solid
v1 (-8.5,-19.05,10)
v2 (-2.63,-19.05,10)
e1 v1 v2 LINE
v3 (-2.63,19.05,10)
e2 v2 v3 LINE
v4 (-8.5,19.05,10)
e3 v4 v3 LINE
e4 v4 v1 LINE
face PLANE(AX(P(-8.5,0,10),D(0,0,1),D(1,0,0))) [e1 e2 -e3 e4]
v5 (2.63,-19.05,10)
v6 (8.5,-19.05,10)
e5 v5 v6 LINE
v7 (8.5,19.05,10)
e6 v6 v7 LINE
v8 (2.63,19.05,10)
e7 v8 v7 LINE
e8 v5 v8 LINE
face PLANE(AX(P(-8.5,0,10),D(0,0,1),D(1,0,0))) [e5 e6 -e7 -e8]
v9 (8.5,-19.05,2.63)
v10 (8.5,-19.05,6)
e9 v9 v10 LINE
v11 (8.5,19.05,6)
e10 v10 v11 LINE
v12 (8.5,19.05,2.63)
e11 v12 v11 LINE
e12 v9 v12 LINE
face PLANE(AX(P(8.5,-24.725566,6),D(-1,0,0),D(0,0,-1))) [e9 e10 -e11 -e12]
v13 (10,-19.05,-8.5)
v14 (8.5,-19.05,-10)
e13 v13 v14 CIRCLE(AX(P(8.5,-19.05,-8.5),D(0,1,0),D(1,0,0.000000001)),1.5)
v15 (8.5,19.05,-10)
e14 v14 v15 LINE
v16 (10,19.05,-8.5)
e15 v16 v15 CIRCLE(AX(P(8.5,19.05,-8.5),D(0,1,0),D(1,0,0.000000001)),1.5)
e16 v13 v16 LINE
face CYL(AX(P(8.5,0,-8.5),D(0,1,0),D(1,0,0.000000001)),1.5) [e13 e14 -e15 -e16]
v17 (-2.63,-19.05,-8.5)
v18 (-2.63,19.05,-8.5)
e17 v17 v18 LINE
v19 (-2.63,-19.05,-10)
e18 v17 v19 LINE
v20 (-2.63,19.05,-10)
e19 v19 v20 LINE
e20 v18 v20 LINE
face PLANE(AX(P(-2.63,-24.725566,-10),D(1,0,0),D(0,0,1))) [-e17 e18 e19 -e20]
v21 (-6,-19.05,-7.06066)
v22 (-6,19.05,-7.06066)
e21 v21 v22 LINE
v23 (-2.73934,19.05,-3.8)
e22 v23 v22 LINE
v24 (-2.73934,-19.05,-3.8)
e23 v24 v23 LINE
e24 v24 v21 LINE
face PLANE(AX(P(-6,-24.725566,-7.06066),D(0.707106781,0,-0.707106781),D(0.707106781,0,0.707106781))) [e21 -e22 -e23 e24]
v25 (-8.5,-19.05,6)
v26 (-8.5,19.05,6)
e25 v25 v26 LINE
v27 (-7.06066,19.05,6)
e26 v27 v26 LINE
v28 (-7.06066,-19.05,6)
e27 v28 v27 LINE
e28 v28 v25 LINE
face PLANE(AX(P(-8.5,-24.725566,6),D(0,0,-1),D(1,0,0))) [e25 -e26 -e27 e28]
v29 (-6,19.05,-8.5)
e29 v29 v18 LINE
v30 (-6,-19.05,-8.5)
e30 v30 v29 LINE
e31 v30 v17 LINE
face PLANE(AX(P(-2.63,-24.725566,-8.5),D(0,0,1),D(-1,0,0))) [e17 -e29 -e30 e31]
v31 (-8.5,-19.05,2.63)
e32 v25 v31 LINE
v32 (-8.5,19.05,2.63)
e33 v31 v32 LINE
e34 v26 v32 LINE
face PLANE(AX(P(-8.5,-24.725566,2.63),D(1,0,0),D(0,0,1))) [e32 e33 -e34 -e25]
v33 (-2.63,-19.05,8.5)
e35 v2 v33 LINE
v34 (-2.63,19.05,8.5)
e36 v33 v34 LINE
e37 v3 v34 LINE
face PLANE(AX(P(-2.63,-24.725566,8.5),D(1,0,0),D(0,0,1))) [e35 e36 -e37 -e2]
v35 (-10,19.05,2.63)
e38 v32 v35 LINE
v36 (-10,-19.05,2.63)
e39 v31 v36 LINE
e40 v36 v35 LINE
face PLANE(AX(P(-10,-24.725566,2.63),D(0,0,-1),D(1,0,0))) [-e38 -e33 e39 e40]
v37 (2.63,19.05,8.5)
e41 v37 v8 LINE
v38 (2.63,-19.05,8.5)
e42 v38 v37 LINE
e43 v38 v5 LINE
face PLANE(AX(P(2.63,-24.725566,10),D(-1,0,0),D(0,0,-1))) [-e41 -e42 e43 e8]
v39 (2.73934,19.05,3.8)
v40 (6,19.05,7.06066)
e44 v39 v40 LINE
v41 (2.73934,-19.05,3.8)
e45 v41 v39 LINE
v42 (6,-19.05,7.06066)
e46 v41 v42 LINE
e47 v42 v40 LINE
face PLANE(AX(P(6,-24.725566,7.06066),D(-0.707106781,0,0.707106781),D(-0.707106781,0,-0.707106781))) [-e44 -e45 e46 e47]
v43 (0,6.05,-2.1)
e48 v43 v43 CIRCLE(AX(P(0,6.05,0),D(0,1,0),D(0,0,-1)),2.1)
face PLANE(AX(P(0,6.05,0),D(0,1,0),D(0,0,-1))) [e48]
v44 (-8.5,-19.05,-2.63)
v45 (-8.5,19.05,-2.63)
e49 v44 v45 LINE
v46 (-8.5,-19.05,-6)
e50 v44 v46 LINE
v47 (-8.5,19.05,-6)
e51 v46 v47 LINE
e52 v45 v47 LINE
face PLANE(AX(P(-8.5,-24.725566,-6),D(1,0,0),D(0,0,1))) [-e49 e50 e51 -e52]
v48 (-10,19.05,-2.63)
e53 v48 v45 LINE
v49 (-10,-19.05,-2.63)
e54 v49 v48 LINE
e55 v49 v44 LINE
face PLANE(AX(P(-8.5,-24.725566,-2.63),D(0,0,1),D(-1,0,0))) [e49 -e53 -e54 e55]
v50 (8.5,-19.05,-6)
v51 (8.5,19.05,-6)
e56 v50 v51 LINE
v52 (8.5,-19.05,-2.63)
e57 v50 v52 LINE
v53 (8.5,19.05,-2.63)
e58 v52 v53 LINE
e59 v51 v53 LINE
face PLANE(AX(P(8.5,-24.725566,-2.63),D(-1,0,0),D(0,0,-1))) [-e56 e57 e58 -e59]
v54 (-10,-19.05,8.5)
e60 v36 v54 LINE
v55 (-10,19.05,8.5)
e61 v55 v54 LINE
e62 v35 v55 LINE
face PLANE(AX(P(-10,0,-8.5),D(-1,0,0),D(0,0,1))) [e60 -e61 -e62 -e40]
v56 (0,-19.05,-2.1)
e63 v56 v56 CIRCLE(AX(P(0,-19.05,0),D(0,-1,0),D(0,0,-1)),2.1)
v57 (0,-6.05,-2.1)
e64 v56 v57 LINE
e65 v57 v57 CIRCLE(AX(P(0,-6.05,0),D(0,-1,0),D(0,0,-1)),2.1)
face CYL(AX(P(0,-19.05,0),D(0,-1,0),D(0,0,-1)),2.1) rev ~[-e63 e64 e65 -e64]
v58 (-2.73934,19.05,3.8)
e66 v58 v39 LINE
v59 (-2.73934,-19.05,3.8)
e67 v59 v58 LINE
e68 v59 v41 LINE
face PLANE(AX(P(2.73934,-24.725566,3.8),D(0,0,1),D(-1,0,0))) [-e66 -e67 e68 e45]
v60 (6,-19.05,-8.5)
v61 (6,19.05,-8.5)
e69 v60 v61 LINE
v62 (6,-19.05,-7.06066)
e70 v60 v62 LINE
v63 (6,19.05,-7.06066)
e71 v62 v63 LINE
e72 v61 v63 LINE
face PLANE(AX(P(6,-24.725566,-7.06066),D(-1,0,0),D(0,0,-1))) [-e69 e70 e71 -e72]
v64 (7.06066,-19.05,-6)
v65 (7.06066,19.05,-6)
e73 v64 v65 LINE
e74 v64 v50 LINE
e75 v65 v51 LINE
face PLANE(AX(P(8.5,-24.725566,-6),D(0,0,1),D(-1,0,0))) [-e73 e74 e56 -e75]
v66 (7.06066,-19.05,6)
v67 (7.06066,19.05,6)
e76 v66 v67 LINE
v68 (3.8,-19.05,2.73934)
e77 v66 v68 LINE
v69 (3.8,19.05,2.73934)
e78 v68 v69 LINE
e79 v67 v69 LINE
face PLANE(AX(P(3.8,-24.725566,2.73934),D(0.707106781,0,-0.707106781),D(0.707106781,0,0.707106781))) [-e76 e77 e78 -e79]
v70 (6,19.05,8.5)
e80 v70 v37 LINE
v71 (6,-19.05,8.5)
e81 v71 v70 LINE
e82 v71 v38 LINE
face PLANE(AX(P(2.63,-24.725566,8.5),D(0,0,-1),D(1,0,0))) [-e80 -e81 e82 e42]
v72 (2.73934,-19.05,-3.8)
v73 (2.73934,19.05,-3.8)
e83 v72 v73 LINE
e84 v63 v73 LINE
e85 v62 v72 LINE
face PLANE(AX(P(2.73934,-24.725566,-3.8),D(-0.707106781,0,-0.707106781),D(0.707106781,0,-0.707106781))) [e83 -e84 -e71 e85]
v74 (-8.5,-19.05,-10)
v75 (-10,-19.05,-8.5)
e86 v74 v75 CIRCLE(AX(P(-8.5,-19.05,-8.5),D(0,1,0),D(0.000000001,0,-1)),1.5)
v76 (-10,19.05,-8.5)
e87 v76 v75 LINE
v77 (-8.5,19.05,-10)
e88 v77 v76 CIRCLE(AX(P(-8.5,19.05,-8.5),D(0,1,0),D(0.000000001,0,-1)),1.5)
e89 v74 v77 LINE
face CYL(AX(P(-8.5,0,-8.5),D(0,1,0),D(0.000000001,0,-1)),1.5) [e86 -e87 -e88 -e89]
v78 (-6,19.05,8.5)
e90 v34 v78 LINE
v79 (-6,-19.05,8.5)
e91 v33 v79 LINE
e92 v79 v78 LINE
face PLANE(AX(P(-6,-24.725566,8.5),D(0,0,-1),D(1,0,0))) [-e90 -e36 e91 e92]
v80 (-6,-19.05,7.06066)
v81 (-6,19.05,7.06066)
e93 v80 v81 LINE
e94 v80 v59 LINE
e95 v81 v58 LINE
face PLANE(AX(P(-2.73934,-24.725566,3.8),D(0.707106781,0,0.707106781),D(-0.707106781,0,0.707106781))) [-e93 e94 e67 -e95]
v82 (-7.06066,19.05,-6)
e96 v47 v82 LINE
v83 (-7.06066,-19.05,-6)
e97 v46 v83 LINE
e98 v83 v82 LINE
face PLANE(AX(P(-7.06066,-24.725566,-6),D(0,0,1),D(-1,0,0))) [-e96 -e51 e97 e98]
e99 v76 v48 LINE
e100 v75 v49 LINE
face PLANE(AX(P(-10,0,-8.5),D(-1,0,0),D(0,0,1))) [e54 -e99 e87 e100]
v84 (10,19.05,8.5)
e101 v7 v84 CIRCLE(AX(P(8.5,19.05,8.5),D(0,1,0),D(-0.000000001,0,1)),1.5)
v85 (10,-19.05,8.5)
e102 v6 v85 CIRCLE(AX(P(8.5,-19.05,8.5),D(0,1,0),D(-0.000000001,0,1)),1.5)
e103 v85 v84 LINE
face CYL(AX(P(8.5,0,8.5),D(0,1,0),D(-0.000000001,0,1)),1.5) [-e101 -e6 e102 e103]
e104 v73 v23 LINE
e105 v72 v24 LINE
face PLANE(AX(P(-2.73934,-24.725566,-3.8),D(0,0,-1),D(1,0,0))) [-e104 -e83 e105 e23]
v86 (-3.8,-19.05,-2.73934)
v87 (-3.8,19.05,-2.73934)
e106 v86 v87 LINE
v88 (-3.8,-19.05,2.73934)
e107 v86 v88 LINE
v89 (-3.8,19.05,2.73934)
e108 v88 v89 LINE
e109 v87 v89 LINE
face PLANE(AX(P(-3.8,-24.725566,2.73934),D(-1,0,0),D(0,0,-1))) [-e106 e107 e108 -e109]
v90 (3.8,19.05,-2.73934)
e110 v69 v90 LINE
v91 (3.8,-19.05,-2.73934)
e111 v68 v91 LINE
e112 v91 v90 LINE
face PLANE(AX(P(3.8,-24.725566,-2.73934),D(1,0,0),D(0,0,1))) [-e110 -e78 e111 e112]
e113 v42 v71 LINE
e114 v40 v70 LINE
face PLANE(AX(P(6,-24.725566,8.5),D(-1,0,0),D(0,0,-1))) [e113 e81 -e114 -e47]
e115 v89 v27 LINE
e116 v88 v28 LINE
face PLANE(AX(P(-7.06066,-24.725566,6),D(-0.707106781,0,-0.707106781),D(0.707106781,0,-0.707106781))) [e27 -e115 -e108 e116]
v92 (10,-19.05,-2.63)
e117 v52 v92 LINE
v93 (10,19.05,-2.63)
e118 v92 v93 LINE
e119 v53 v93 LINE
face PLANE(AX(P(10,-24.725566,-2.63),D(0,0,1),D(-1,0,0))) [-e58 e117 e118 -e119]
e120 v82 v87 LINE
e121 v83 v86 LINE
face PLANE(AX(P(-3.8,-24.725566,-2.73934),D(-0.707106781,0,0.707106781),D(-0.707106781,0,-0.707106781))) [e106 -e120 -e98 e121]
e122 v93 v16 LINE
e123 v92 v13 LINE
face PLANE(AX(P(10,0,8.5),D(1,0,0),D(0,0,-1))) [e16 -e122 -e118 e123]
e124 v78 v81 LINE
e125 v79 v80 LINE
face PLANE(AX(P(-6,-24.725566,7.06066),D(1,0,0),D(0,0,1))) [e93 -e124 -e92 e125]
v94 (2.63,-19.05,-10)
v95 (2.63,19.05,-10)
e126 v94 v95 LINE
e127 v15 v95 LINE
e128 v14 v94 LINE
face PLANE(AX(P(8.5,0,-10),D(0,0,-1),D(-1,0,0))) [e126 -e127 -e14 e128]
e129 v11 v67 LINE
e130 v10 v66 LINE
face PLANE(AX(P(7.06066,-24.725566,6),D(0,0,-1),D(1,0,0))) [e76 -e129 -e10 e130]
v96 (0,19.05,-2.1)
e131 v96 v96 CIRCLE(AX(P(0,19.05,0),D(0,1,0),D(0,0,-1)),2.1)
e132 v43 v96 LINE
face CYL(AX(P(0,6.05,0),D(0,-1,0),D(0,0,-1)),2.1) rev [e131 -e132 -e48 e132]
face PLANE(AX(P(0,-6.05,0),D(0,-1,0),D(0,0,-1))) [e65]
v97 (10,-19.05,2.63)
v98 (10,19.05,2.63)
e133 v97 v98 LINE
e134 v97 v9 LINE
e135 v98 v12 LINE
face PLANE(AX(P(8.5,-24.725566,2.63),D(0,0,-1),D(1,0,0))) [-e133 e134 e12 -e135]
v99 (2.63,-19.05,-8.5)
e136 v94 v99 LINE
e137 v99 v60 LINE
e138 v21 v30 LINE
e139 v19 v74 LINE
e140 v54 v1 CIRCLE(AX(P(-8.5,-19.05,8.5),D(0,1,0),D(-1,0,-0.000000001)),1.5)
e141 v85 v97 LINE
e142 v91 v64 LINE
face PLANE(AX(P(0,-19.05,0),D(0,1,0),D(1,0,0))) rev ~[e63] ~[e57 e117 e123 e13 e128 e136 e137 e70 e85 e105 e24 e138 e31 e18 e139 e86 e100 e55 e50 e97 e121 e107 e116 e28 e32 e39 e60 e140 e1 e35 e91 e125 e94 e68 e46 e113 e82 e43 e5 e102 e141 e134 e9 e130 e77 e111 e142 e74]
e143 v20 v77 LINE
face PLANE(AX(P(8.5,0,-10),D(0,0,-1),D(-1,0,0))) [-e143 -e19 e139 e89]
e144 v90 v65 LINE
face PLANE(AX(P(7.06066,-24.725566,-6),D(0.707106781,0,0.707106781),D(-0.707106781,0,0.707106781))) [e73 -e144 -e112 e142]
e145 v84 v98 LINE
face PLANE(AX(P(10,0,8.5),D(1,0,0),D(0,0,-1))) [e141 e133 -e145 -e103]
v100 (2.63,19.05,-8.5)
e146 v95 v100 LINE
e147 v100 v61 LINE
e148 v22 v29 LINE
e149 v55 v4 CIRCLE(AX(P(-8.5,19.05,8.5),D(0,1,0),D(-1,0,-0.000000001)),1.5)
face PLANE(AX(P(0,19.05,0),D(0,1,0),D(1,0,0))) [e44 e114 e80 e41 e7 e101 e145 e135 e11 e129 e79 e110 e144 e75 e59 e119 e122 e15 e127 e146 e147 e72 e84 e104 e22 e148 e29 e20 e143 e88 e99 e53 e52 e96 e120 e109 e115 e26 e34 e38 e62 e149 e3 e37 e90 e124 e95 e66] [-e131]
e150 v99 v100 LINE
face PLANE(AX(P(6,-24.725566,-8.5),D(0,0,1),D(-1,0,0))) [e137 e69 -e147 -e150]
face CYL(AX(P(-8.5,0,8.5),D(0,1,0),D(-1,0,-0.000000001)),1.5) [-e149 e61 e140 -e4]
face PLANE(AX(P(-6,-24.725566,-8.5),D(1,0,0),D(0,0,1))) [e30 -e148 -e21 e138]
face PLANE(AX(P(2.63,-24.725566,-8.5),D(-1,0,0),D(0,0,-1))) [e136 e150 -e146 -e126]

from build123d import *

# Parameters (mm, degrees)
BOSS_EXTRUDE1_DEPTH     = 19.05
CUT_EXTRUDE5_DEPTH      = 24.725566379
CUT_EXTRUDE5_DEPTH_BACK = 24.725566379
SKETCH5_R               = 2.1
CUT_EXTRUDE6_DEPTH      = 13
CUT_EXTRUDE7_START      = -13
SKETCH4_R               = 2.1
CUT_EXTRUDE7_DEPTH      = 13


with BuildPart() as part:
    # Sketch1 → Boss-Extrude1 (new, symmetric)
    with BuildSketch(Plane(origin=(0, 0, 0), x_dir=(1, 0, 0), z_dir=(0, 1, 0))):
        with BuildLine():
            Line((-8.5, -10), (8.5, -10))
            ThreePointArc((8.5, -10), (9.560660172, -9.560660172), (10, -8.5))
            Line((10, -8.5), (10, 8.5))
            ThreePointArc((10, 8.5), (9.560660172, 9.560660172), (8.5, 10))
            Line((8.5, 10), (-8.5, 10))
            ThreePointArc((-8.5, 10), (-9.560660172, 9.560660172), (-10, 8.5))
            Line((-10, 8.5), (-10, -8.5))
            ThreePointArc((-10, -8.5), (-9.560660172, -9.560660172), (-8.5, -10))
        make_face()
    extrude(amount=BOSS_EXTRUDE1_DEPTH, both=True)

    # Sketch3 → Cut-Extrude5 (cut, two sides: drawn at the far end of the back side and taken through both)
    with BuildSketch(Plane(origin=(0, 0, 0), x_dir=(1, 0, 0), z_dir=(0, 1, 0)).offset(-CUT_EXTRUDE5_DEPTH_BACK)):
        Polygon((2.63, 10), (-2.63, 10), (-2.63, 8.5), (-6, 8.5), (-6, 7.060660172), (-2.739339828, 3.8), (2.739339828, 3.8), (6, 7.060660172), (6, 8.5), (2.63, 8.5), align=None)
        Polygon((10, -2.63), (10, 2.63), (8.5, 2.63), (8.5, 6), (7.060660172, 6), (3.8, 2.739339828), (3.8, -2.739339828), (7.060660172, -6), (8.5, -6), (8.5, -2.63), align=None)
        Polygon((-2.63, -10), (2.63, -10), (2.63, -8.5), (6, -8.5), (6, -7.060660172), (2.739339828, -3.8), (-2.739339828, -3.8), (-6, -7.060660172), (-6, -8.5), (-2.63, -8.5), align=None)
        Polygon((-10, 2.63), (-10, -2.63), (-8.5, -2.63), (-8.5, -6), (-7.060660172, -6), (-3.8, -2.739339828), (-3.8, 2.739339828), (-7.060660172, 6), (-8.5, 6), (-8.5, 2.63), align=None)
    extrude(amount=CUT_EXTRUDE5_DEPTH + CUT_EXTRUDE5_DEPTH_BACK, mode=Mode.SUBTRACT)

    # Sketch5 → Cut-Extrude6 (cut)
    with BuildSketch(Plane.XZ.offset(19.05)):
        with Locations(Location((0, 0, 0), (0, 0, 270))):
            Circle(SKETCH5_R)
    extrude(amount=-CUT_EXTRUDE6_DEPTH, mode=Mode.SUBTRACT)

    # Sketch4 → Cut-Extrude7 (cut)
    with BuildSketch(Plane(origin=(0, 19.05, 0), x_dir=(1, 0, 0), z_dir=(0, 1, 0)).offset(CUT_EXTRUDE7_START)):
        with Locations(Location((0, 0, 0), (0, 0, 90))):
            Circle(SKETCH4_R)
    extrude(amount=CUT_EXTRUDE7_DEPTH, mode=Mode.SUBTRACT)


solid = part.part
